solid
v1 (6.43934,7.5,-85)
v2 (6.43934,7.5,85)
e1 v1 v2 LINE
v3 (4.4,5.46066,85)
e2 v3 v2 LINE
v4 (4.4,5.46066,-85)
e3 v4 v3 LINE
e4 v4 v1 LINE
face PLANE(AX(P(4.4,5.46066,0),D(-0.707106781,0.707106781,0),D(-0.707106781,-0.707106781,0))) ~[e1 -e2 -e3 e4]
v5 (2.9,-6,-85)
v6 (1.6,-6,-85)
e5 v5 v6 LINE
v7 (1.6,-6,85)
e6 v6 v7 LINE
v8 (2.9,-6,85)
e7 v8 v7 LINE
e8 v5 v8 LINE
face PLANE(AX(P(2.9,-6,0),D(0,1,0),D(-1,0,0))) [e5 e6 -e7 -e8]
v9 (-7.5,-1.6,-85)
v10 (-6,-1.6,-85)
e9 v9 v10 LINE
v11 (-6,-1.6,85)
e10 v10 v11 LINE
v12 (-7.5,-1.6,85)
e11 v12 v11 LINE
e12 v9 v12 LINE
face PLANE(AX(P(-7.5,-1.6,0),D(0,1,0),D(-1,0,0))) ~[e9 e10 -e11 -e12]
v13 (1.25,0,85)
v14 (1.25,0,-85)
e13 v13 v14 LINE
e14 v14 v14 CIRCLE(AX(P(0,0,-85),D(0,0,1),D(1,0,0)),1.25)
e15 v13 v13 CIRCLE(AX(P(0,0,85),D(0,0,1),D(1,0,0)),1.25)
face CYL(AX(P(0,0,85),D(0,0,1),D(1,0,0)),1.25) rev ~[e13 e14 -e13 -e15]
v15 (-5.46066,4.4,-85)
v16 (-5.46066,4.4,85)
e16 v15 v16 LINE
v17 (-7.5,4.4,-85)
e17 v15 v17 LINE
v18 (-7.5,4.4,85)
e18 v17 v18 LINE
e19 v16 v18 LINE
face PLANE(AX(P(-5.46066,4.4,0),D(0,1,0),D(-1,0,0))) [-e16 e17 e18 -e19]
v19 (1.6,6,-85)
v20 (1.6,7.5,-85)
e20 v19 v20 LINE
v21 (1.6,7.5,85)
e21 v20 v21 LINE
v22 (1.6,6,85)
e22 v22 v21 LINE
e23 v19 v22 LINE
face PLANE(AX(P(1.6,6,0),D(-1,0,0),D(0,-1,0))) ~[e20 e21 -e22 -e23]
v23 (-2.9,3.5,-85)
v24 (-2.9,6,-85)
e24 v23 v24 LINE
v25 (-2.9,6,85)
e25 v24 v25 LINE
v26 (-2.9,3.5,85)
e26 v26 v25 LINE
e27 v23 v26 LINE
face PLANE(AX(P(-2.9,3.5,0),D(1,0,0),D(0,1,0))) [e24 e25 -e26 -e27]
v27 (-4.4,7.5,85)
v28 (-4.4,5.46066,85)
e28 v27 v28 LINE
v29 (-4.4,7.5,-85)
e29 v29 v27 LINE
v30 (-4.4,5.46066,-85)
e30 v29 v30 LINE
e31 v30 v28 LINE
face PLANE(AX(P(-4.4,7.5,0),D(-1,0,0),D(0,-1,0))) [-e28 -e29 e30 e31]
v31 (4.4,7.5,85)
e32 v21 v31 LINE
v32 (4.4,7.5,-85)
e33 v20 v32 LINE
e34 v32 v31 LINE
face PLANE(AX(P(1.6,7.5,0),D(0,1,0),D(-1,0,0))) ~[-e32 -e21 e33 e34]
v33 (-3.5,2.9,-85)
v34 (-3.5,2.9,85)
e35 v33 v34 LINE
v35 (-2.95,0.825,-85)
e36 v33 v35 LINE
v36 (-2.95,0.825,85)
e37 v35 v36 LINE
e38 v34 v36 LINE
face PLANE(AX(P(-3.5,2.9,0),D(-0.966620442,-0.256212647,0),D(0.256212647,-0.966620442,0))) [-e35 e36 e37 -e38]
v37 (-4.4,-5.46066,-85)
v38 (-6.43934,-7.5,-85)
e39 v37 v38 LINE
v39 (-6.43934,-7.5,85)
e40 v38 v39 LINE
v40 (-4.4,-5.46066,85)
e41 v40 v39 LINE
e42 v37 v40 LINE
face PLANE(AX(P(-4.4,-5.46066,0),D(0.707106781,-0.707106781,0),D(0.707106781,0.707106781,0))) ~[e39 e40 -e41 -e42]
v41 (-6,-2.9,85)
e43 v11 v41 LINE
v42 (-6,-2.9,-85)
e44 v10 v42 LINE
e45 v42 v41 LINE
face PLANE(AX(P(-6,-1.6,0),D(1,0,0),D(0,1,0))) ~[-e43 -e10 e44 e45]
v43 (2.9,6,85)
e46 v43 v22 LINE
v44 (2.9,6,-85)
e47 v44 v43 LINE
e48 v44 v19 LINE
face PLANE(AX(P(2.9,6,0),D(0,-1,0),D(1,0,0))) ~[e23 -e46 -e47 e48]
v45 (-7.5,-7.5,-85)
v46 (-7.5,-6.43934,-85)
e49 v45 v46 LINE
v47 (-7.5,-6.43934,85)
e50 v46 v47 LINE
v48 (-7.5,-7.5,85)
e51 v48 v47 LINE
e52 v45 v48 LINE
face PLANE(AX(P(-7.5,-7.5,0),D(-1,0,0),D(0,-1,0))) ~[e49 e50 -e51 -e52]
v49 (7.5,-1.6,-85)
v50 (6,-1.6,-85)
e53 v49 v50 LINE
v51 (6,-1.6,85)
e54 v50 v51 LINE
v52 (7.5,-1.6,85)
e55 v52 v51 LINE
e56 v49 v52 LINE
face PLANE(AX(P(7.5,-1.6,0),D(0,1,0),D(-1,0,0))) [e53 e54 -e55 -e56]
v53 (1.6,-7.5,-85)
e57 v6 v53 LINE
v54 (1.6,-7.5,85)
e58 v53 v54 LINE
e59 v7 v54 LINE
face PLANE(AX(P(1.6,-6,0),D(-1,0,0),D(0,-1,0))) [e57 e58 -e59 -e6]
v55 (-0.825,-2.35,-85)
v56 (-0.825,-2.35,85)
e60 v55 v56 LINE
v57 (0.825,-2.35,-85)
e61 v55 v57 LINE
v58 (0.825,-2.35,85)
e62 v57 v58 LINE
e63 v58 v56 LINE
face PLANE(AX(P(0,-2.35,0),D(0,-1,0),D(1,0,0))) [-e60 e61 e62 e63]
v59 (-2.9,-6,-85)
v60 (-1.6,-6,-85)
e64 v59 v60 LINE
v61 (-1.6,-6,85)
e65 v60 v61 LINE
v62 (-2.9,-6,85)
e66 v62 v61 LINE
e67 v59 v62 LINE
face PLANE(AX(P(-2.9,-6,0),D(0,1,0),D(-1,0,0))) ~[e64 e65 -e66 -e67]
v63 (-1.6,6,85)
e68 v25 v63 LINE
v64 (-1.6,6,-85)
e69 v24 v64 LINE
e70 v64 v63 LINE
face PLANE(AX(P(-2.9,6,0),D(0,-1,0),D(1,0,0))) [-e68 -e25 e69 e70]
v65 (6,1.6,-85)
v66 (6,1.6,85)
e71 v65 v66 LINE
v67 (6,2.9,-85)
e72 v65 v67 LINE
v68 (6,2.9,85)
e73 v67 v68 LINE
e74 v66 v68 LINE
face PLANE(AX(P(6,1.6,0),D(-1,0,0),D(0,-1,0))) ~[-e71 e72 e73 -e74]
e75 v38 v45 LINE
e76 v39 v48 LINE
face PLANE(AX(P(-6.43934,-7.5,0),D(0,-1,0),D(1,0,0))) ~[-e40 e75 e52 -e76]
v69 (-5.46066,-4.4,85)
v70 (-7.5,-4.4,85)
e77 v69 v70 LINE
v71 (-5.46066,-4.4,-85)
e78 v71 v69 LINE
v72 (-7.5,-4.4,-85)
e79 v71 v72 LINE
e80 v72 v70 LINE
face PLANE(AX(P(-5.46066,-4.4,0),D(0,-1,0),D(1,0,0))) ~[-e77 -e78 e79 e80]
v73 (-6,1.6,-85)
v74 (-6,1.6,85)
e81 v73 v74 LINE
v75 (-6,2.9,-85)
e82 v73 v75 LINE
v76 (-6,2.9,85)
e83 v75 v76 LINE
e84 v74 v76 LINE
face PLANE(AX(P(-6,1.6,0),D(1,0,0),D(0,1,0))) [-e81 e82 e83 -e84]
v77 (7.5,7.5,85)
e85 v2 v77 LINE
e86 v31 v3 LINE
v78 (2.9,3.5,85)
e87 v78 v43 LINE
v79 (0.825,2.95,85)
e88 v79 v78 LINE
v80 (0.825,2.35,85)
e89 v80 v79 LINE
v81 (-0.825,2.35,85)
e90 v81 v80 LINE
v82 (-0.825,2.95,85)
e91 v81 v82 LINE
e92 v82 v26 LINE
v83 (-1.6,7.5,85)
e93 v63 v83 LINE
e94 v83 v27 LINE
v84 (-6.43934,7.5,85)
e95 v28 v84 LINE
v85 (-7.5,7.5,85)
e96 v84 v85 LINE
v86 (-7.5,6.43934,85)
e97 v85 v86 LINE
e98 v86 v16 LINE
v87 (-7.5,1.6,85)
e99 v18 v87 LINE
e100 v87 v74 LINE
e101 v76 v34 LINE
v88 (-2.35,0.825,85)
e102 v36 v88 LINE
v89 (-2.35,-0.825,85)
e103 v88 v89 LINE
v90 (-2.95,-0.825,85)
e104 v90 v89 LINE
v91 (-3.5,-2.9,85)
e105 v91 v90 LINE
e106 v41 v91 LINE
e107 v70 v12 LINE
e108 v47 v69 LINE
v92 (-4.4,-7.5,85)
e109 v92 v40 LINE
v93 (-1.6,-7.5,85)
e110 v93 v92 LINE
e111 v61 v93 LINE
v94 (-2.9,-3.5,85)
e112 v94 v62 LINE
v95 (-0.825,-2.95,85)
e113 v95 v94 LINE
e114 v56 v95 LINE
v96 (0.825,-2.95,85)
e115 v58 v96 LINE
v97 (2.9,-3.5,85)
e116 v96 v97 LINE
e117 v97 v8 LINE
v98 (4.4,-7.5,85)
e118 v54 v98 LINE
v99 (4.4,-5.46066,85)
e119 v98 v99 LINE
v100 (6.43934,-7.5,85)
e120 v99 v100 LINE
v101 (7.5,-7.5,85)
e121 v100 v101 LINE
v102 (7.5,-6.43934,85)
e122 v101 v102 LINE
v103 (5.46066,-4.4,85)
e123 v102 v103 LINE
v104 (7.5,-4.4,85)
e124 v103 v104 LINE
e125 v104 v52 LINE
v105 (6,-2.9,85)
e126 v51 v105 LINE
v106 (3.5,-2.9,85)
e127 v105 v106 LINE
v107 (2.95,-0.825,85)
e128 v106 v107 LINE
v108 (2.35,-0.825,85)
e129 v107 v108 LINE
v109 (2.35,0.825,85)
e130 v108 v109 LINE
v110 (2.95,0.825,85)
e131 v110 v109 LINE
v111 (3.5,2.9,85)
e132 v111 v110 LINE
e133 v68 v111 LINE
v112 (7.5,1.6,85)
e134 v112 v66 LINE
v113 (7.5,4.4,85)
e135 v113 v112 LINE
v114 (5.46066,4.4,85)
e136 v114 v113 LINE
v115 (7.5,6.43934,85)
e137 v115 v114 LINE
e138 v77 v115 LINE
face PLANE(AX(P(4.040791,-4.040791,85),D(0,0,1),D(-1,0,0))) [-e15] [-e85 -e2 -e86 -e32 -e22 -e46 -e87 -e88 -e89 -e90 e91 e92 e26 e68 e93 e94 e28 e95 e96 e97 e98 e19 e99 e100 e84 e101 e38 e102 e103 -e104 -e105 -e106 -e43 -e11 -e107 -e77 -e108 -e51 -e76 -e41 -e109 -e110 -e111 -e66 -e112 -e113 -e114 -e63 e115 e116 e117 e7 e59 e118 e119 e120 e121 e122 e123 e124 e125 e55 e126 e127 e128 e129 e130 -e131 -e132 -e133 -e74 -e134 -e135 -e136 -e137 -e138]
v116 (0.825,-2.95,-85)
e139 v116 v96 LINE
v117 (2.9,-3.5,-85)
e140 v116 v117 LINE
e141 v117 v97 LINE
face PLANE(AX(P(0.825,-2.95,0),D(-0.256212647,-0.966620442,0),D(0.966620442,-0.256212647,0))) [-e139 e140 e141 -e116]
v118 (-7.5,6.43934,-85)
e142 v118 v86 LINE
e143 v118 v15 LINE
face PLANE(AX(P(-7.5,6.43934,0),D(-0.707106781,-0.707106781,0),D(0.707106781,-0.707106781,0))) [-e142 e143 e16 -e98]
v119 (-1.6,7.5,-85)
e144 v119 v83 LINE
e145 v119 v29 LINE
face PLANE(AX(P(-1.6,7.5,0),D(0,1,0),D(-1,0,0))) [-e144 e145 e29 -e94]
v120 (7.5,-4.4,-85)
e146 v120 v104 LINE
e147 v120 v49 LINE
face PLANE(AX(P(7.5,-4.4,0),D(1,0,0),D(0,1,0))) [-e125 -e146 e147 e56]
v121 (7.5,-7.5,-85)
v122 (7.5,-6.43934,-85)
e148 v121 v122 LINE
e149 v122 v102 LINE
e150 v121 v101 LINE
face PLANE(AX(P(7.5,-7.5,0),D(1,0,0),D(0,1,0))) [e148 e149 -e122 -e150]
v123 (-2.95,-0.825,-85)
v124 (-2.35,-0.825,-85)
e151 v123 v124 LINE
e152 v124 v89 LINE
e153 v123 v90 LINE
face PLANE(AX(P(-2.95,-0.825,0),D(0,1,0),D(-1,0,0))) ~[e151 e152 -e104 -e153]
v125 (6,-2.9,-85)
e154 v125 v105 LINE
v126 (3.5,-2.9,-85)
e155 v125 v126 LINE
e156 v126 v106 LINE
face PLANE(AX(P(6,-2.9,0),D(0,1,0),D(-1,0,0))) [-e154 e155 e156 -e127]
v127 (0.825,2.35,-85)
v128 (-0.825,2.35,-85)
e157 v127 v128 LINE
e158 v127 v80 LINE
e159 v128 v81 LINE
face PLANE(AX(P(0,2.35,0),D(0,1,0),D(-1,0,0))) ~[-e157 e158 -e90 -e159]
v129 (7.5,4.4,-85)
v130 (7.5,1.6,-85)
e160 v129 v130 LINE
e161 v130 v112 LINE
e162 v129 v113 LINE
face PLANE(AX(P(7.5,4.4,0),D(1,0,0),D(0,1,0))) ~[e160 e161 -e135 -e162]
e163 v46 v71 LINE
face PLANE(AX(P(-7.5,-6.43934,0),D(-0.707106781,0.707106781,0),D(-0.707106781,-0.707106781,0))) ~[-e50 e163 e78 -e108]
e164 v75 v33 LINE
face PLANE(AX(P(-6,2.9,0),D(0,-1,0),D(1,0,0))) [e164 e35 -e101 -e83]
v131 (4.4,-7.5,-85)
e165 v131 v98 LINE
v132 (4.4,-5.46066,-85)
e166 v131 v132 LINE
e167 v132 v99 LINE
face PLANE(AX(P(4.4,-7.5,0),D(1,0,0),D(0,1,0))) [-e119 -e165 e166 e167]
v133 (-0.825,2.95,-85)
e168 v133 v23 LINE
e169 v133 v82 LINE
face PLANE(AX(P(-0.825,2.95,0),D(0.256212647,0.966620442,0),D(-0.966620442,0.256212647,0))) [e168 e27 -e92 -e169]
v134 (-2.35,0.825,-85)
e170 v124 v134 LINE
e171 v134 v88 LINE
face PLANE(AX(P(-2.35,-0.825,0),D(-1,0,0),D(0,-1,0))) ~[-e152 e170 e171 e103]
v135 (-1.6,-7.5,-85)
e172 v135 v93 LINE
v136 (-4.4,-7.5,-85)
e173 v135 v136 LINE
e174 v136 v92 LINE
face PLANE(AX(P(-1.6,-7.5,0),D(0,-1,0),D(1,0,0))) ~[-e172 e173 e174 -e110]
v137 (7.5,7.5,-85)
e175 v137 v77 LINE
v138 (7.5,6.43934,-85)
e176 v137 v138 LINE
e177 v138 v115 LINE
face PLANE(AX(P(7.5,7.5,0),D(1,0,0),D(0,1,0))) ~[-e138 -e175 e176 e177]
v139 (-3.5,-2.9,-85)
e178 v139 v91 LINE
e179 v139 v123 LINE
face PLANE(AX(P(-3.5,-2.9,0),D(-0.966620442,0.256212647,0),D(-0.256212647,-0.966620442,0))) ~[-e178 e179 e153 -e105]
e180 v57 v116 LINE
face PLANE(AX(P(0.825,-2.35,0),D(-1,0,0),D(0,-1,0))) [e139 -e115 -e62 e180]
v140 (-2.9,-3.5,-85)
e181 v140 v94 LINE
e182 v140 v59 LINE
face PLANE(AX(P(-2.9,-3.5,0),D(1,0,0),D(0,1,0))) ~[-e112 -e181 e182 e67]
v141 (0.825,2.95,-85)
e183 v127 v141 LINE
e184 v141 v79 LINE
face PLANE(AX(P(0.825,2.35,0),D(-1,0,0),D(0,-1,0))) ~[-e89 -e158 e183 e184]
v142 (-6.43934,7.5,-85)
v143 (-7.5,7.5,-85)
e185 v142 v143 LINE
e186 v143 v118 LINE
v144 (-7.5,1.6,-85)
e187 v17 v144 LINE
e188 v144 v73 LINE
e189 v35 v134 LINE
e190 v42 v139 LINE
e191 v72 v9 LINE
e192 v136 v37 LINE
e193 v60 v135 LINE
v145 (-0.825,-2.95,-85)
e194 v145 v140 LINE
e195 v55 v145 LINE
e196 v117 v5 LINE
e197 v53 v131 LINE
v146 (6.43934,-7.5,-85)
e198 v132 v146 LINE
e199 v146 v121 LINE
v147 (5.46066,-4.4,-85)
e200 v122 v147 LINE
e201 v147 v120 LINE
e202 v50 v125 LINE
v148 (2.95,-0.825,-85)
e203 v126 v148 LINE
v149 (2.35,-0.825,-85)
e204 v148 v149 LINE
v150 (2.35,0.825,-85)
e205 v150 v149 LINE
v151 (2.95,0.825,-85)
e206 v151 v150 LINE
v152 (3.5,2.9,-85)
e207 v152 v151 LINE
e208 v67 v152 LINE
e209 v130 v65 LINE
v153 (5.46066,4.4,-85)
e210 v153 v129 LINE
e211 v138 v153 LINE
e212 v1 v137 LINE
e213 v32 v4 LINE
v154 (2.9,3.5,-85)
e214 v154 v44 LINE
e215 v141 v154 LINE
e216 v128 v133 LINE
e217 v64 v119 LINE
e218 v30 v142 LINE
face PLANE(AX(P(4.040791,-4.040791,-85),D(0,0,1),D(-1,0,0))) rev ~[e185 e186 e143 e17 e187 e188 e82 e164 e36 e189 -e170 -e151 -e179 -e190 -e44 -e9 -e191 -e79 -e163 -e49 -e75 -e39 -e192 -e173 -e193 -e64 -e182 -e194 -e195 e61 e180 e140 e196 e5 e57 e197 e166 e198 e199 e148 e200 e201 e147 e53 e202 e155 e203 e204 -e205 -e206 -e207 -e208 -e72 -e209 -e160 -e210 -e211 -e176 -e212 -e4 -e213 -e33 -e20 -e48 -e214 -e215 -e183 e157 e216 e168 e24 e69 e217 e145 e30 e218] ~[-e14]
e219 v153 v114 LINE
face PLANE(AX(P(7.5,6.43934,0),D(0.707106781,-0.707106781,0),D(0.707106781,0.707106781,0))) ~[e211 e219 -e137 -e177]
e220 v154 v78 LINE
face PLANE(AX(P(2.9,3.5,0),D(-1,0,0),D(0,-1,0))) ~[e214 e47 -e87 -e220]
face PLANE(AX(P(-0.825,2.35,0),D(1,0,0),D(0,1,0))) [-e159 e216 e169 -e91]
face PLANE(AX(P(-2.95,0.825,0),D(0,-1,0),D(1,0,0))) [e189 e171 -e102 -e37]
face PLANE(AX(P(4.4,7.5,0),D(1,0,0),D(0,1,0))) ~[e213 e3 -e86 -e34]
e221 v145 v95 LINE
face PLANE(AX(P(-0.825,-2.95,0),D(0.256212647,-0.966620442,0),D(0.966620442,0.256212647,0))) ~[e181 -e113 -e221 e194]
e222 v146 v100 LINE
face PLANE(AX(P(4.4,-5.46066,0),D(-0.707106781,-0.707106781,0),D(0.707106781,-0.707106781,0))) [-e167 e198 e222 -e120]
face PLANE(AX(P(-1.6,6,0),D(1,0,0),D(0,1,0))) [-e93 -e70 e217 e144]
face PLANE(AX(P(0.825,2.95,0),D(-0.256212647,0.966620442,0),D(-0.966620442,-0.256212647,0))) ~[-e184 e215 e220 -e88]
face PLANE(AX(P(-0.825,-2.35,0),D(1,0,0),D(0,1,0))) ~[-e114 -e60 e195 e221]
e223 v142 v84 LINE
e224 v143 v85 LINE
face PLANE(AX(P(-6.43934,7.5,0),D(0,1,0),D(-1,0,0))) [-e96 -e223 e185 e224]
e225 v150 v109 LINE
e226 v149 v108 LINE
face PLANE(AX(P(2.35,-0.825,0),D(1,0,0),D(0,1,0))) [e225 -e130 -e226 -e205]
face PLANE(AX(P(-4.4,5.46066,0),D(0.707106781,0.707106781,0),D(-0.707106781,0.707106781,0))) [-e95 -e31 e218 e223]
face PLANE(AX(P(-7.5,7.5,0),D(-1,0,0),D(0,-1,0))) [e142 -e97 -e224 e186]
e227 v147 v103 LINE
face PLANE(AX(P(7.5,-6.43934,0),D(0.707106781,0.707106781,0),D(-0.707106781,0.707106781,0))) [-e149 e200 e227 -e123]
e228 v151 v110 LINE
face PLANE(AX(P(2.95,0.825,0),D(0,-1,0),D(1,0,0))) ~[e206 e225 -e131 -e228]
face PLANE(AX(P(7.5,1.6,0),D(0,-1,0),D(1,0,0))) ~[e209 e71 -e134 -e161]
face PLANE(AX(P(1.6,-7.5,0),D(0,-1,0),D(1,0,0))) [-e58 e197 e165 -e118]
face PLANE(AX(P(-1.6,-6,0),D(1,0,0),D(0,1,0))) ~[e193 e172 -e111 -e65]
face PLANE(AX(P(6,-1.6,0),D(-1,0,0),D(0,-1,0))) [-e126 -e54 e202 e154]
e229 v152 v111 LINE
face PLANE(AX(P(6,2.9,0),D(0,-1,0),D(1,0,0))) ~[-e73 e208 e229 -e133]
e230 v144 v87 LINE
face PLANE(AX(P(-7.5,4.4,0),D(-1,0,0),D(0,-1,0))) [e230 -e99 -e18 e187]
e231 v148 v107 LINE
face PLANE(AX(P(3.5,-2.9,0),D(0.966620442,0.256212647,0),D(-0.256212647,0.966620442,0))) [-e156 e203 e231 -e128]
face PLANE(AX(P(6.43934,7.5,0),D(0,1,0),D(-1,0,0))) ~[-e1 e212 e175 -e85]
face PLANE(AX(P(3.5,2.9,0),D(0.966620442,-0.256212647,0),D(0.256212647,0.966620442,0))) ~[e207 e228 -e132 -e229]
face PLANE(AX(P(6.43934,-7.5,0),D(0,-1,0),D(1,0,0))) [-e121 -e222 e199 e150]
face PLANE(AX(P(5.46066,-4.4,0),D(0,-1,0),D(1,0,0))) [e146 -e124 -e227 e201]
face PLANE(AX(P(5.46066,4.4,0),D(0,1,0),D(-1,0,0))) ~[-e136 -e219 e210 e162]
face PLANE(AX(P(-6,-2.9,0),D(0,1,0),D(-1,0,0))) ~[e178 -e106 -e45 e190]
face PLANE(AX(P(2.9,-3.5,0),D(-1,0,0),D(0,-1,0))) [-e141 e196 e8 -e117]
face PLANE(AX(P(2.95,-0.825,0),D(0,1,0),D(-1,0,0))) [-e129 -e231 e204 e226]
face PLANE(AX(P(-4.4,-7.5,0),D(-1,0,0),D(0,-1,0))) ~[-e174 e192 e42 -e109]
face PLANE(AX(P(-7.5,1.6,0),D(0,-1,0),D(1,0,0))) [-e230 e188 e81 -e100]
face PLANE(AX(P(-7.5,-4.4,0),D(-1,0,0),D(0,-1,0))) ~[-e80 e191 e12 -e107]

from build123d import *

# Parameters (mm, degrees)
RESSALTO_EXTRUS_O1_DEPTH   = 85
ESPELHAR2_COPY_1_DEPTH     = 85
ESBO_O2_R                  = 1.25
CORTE_EXTRUS_O1_DEPTH      = 1
CORTE_EXTRUS_O1_DEPTH_BACK = 171


with BuildPart() as part:
    # Esboço1 → Ressalto-extrusão1 (new body, symmetric)
    with BuildSketch(Plane.XY):
        Polygon((0, 2.35), (-0.825, 2.35), (-0.825, 2.95), (-2.9, 3.5), (-2.9, 6), (-1.6, 6), (-1.6, 7.5), (-4.4, 7.5), (-4.4, 5.460660172), (-6.439339828, 7.5), (-7.5, 7.5), (-7.5, 6.439339828), (-5.460660172, 4.4), (-7.5, 4.4), (-7.5, 1.6), (-6, 1.6), (-6, 2.9), (-3.5, 2.9), (-2.95, 0.825), (-2.35, 0.825), (-2.35, 0), (0, 0), align=None)
    ressalto_extrus_o1 = extrude(amount=RESSALTO_EXTRUS_O1_DEPTH, both=True)

    # Espelhar1: Ressalto-extrusão1 across plane
    add(ressalto_extrus_o1.mirror(Plane.ZX))

    # Espelhar2: Ressalto-extrusão1 across plane
    add(ressalto_extrus_o1.mirror(Plane(origin=(0, 0, 0), x_dir=(0, 0, 1), z_dir=(1, 0, 0))))

    # Espelhar2 copy 1 sketch → Espelhar2 copy 1 (add, symmetric)
    with BuildSketch(Plane(origin=(0, 0, 0), x_dir=(-1, 0, 0), z_dir=(0, 0, 1))):
        Polygon((0, 2.35), (-0.825, 2.35), (-0.825, 2.95), (-2.9, 3.5), (-2.9, 6), (-1.6, 6), (-1.6, 7.5), (-4.4, 7.5), (-4.4, 5.460660172), (-6.439339828, 7.5), (-7.5, 7.5), (-7.5, 6.439339828), (-5.460660172, 4.4), (-7.5, 4.4), (-7.5, 1.6), (-6, 1.6), (-6, 2.9), (-3.5, 2.9), (-2.95, 0.825), (-2.35, 0.825), (-2.35, 0), (0, 0), align=None)
    extrude(amount=ESPELHAR2_COPY_1_DEPTH, both=True)

    # Esboço2 → Corte-extrusão1 (cut, two sides)
    with BuildSketch(Plane.XY.offset(85)) as corte_extrus_o1_sk:
        Circle(ESBO_O2_R)
    extrude(amount=CORTE_EXTRUS_O1_DEPTH, mode=Mode.SUBTRACT)
    extrude(corte_extrus_o1_sk.sketch, amount=-CORTE_EXTRUS_O1_DEPTH_BACK, mode=Mode.SUBTRACT)


solid = part.part
